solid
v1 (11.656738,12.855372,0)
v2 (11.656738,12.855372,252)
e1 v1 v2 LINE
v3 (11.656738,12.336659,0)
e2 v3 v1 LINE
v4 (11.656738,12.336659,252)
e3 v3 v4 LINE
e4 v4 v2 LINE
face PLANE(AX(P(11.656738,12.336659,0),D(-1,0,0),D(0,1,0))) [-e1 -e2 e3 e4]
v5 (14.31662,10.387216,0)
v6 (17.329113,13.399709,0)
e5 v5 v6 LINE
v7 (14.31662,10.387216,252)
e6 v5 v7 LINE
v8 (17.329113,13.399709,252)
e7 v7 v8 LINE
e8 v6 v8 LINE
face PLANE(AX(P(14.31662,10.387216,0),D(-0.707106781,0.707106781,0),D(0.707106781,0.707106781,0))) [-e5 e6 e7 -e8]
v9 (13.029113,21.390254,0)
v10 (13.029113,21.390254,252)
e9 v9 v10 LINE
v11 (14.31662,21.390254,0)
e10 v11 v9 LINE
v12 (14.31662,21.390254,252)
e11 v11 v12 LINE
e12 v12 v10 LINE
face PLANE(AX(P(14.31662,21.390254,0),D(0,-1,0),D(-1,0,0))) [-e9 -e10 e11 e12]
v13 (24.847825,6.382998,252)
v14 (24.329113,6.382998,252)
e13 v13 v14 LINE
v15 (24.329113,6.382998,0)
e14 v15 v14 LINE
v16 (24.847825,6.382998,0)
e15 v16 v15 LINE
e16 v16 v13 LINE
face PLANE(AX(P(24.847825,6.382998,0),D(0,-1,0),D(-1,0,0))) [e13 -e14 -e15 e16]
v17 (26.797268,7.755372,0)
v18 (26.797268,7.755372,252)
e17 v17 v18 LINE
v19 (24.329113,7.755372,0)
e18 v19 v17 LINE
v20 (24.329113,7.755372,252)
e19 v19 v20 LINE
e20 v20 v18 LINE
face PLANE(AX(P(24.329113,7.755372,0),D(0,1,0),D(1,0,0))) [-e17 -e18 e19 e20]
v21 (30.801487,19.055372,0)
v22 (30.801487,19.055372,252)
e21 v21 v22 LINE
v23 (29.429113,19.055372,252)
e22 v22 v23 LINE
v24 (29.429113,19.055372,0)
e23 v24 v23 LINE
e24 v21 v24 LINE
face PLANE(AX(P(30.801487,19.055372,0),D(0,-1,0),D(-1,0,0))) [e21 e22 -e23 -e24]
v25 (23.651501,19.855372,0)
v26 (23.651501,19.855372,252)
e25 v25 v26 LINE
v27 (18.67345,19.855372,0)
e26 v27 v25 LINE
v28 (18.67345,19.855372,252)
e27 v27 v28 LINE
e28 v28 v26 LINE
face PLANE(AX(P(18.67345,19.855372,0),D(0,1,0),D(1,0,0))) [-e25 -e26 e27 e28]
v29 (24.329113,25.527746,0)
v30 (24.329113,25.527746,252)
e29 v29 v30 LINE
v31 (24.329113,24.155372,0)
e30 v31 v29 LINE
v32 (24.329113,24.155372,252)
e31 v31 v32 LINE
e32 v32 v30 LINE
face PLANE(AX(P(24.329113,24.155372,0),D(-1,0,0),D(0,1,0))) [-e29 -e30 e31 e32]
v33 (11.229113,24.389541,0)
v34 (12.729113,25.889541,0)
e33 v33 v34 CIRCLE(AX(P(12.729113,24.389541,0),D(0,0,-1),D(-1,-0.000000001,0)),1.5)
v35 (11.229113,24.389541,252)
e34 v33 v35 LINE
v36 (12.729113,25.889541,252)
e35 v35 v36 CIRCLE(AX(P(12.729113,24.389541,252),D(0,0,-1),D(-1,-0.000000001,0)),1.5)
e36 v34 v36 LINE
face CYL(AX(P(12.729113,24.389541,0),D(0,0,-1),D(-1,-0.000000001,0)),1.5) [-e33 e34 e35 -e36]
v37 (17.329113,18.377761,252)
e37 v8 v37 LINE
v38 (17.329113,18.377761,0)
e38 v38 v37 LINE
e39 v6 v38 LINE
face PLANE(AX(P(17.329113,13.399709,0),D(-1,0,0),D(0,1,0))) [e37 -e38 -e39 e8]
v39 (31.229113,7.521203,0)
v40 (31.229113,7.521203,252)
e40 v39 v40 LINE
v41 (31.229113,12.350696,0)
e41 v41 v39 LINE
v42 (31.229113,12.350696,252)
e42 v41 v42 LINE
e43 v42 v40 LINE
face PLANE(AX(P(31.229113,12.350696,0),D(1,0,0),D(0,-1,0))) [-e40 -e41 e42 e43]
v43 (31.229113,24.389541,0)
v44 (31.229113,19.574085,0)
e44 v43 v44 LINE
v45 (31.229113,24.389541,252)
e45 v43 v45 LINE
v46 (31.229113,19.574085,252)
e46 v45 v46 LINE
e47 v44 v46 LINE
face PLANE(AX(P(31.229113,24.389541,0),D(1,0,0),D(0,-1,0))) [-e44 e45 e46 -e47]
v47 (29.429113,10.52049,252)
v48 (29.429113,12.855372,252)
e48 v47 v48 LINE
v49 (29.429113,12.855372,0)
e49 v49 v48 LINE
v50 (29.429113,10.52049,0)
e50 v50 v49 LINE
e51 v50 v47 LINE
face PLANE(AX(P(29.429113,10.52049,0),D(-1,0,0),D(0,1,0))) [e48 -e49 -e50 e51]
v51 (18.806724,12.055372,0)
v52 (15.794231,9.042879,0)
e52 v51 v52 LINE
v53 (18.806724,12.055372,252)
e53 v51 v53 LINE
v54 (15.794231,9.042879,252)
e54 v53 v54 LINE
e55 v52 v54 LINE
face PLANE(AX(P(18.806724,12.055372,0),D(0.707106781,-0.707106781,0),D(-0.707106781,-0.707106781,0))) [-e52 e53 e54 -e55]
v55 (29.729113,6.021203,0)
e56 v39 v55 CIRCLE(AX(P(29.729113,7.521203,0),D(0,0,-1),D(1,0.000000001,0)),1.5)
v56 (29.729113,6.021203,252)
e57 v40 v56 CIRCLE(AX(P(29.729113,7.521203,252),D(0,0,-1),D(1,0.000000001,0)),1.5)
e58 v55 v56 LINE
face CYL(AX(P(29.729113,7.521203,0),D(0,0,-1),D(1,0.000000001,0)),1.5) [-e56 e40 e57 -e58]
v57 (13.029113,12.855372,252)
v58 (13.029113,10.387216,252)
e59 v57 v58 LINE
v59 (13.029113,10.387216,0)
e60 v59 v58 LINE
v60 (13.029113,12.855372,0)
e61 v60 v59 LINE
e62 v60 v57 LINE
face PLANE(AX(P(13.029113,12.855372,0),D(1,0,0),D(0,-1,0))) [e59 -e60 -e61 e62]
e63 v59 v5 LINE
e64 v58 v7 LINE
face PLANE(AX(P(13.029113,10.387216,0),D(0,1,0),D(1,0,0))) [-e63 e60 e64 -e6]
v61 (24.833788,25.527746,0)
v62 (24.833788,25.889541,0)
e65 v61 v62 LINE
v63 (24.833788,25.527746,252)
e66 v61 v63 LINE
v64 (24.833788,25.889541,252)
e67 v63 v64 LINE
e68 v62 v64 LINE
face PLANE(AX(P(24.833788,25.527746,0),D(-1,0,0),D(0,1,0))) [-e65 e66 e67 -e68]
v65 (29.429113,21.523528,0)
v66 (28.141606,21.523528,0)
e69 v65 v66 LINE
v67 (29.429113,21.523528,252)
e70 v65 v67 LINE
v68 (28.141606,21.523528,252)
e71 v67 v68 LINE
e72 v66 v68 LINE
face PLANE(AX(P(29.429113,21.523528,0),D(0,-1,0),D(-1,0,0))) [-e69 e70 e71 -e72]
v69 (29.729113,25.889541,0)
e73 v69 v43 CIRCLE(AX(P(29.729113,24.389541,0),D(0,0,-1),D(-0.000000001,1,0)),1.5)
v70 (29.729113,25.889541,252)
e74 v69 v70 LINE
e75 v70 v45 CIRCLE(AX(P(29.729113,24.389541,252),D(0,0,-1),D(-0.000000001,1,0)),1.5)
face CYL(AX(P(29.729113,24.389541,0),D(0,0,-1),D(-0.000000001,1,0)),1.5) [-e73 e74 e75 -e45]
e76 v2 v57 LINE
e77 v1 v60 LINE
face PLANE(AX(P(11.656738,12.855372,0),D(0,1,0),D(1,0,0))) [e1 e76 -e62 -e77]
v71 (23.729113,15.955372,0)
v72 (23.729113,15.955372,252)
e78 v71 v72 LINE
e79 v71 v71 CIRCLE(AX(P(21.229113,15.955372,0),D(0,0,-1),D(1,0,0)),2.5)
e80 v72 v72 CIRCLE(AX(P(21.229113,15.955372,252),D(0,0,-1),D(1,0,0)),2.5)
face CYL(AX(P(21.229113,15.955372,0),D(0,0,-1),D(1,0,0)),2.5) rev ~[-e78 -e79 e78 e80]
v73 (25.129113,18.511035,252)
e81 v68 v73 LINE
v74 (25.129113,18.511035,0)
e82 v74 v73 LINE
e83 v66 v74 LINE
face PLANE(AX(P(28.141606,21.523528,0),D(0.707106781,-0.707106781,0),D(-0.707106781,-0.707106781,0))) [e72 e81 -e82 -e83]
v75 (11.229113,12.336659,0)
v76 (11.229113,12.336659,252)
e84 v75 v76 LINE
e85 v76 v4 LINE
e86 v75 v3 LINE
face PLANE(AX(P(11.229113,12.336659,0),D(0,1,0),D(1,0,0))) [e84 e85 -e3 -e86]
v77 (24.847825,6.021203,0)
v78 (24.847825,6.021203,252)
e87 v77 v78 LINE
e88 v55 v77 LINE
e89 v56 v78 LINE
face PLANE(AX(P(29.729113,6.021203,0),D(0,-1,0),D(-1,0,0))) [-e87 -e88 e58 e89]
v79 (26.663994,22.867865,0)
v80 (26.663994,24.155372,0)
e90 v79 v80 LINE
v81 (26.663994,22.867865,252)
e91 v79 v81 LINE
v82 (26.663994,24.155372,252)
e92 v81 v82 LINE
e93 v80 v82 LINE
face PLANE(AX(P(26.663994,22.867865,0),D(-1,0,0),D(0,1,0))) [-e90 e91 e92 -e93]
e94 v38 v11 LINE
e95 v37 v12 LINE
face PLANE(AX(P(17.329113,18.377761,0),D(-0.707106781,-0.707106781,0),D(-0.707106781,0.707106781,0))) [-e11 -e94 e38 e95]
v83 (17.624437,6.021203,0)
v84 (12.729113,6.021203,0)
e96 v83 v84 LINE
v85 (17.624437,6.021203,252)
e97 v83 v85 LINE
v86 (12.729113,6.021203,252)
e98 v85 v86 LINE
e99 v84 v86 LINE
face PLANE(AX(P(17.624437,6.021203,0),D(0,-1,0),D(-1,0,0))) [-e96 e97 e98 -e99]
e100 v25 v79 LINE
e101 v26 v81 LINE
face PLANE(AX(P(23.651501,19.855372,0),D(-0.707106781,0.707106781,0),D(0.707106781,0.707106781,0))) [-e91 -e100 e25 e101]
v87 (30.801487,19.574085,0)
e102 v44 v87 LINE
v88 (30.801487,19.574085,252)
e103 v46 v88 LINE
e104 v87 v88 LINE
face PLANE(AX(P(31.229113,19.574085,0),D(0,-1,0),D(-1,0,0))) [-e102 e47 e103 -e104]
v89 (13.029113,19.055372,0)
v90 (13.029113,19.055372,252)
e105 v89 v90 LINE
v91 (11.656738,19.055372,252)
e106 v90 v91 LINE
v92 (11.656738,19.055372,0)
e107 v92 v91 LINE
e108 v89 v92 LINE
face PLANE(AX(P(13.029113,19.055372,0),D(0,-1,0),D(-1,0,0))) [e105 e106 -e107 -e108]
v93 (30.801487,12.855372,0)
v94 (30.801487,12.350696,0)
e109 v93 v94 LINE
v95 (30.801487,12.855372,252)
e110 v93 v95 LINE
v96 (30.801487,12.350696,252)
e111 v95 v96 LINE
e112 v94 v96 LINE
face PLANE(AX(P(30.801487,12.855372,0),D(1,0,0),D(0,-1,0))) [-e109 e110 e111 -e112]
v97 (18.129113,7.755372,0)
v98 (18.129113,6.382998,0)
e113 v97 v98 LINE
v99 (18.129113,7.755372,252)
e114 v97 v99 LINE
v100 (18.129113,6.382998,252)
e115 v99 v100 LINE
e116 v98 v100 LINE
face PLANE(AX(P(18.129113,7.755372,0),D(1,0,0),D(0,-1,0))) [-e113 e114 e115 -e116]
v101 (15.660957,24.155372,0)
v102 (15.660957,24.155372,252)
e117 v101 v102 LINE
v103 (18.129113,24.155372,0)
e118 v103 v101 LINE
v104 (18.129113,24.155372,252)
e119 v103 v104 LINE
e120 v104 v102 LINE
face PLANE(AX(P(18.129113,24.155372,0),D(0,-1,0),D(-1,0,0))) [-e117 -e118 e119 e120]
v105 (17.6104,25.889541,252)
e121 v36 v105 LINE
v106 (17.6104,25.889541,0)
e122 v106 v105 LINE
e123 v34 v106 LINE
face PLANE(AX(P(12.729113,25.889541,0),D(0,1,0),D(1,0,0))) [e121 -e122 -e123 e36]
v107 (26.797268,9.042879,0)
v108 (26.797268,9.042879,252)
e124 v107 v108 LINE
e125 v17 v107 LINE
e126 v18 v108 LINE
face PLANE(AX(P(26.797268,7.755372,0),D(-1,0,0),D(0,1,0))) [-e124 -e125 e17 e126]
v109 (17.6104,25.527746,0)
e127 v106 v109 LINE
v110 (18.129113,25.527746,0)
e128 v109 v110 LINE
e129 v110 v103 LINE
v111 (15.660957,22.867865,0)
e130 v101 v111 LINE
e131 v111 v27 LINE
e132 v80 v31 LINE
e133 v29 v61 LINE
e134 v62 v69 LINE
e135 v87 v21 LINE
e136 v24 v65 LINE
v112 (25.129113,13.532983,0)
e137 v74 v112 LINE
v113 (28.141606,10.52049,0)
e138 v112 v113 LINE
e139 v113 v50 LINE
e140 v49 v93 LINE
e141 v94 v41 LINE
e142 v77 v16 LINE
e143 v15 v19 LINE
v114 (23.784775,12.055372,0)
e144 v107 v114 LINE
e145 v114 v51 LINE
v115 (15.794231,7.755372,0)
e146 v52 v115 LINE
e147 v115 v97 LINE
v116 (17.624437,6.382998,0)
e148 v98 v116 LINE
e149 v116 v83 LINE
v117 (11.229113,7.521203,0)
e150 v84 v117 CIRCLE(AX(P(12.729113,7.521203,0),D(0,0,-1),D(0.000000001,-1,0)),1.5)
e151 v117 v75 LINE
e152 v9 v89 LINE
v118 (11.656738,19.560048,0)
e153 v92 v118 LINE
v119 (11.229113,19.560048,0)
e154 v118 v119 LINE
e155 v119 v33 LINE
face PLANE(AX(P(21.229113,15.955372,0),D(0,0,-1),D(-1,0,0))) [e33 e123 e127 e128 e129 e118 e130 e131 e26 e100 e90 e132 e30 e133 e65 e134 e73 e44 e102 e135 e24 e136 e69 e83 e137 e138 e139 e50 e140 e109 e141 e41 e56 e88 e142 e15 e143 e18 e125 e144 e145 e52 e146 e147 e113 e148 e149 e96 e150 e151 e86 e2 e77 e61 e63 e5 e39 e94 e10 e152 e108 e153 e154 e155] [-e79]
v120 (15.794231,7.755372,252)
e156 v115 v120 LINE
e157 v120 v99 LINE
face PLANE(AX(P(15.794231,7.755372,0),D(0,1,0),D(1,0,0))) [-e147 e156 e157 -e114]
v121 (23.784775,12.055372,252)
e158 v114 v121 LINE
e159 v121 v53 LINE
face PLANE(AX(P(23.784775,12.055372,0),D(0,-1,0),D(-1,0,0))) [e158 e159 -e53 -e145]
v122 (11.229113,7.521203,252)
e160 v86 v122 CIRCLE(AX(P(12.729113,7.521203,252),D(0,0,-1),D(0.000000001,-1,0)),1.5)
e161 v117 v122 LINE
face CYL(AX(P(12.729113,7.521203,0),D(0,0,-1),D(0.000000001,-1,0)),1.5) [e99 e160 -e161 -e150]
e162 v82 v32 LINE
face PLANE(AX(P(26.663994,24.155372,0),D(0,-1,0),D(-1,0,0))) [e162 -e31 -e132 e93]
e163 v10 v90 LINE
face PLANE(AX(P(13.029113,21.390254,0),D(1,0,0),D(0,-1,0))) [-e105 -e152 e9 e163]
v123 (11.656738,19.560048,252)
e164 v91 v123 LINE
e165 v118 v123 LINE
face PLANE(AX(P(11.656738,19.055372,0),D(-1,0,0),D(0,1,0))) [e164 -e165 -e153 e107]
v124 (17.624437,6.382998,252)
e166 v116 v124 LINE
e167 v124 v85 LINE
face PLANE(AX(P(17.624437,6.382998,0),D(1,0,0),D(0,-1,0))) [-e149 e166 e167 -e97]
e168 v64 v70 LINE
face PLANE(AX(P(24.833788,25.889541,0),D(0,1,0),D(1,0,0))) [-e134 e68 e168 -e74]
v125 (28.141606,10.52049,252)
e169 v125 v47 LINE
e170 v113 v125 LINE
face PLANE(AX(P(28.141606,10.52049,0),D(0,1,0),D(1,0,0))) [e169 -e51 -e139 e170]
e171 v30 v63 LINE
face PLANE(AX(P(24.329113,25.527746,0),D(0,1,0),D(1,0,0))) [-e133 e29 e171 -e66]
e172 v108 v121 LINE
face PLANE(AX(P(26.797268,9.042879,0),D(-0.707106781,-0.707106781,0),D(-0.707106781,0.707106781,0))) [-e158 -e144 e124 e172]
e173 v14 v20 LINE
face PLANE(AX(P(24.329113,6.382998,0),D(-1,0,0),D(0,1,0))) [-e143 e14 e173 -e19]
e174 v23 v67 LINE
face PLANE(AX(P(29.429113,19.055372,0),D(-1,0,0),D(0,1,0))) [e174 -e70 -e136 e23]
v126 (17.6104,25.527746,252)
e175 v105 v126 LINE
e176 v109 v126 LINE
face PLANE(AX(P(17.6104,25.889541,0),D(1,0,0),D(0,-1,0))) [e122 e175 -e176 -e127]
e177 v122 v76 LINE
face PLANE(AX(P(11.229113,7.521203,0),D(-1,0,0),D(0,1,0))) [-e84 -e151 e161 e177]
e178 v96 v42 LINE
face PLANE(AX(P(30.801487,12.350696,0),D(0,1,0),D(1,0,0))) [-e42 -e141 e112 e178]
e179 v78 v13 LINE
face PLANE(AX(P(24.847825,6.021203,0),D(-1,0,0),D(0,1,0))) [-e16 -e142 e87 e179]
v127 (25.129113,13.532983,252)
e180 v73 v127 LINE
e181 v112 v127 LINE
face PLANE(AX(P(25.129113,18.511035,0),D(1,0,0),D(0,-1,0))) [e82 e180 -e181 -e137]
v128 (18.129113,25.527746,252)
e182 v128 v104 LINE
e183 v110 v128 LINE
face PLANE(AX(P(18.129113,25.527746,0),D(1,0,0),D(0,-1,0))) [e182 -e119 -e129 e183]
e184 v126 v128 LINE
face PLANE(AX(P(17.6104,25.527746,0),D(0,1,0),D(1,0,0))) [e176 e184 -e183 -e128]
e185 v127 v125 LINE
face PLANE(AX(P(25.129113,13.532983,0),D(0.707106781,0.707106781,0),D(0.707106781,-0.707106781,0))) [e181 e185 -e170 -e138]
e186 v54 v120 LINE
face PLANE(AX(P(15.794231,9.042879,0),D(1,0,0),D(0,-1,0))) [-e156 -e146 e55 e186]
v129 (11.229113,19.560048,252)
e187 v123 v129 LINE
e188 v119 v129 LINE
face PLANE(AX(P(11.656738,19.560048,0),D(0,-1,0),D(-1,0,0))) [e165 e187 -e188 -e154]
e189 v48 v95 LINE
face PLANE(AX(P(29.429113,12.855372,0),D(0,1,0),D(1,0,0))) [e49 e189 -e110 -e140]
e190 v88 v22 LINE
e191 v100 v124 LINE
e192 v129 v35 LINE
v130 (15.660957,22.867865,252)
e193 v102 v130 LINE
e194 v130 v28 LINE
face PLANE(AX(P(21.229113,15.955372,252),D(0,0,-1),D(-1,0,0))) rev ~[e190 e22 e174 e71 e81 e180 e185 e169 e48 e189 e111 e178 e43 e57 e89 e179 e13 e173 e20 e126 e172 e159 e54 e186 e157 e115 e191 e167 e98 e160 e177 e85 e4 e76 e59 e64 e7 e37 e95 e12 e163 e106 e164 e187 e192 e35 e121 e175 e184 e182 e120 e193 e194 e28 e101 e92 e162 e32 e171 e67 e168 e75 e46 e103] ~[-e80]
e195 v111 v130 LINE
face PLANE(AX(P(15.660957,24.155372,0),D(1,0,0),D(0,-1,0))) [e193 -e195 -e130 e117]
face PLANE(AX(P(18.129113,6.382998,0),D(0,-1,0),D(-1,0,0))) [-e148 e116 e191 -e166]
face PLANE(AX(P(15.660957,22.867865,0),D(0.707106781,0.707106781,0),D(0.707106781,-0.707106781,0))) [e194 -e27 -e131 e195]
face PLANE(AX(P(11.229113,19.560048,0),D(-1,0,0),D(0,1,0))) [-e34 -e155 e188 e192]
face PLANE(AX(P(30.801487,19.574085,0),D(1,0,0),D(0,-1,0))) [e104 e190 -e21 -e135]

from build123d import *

# Parameters (mm, degrees)
SKETCH1_R           = 2.5
BOSS_EXTRUDE1_DEPTH = 252


with BuildPart() as part:
    # Sketch1 → Boss-Extrude1 (new body)
    with BuildSketch(Plane(origin=(0, 0, 0), x_dir=(-1, 0, 0), z_dir=(0, 0, -1))):
        with BuildLine():
            Line((-31.229112559, 24.389540696), (-31.229112559, 19.574084592))
            Line((-31.229112559, 19.574084592), (-30.801486653, 19.574084592))
            Line((-30.801486653, 19.574084592), (-30.801486653, 19.055371932))
            Line((-30.801486653, 19.055371932), (-29.429112559, 19.055371932))
            Line((-29.429112559, 19.055371932), (-29.429112559, 21.523527696))
            Line((-29.429112559, 21.523527696), (-28.141605593, 21.523527696))
            Line((-28.141605593, 21.523527696), (-25.129112559, 18.511034662))
            Line((-25.129112559, 18.511034662), (-25.129112559, 13.532983276))
            Line((-25.129112559, 13.532983276), (-28.141605593, 10.520490242))
            Line((-28.141605593, 10.520490242), (-29.429112559, 10.520490242))
            Line((-29.429112559, 10.520490242), (-29.429112559, 12.855371932))
            Line((-29.429112559, 12.855371932), (-30.801486653, 12.855371932))
            Line((-30.801486653, 12.855371932), (-30.801486653, 12.350696072))
            Line((-30.801486653, 12.350696072), (-31.229112559, 12.350696072))
            Line((-31.229112559, 12.350696072), (-31.229112559, 7.521203168))
            ThreePointArc((-31.229112559, 7.521203168), (-30.789772731, 6.460542996), (-29.729112559, 6.021203168))
            Line((-29.729112559, 6.021203168), (-24.847825219, 6.021203168))
            Line((-24.847825219, 6.021203168), (-24.847825219, 6.382997838))
            Line((-24.847825219, 6.382997838), (-24.329112559, 6.382997838))
            Line((-24.329112559, 6.382997838), (-24.329112559, 7.755371932))
            Line((-24.329112559, 7.755371932), (-26.797268323, 7.755371932))
            Line((-26.797268323, 7.755371932), (-26.797268323, 9.042878898))
            Line((-26.797268323, 9.042878898), (-23.784775289, 12.055371932))
            Line((-23.784775289, 12.055371932), (-18.806723903, 12.055371932))
            Line((-18.806723903, 12.055371932), (-15.794230869, 9.042878898))
            Line((-15.794230869, 9.042878898), (-15.794230869, 7.755371932))
            Line((-15.794230869, 7.755371932), (-18.129112559, 7.755371932))
            Line((-18.129112559, 7.755371932), (-18.129112559, 6.382997838))
            Line((-18.129112559, 6.382997838), (-17.624436699, 6.382997838))
            Line((-17.624436699, 6.382997838), (-17.624436699, 6.021203168))
            Line((-17.624436699, 6.021203168), (-12.729112559, 6.021203168))
            ThreePointArc((-12.729112559, 6.021203168), (-11.668452387, 6.460542996), (-11.229112559, 7.521203168))
            Line((-11.229112559, 7.521203168), (-11.229112559, 12.336659272))
            Line((-11.229112559, 12.336659272), (-11.656738465, 12.336659272))
            Line((-11.656738465, 12.336659272), (-11.656738465, 12.855371932))
            Line((-11.656738465, 12.855371932), (-13.029112559, 12.855371932))
            Line((-13.029112559, 12.855371932), (-13.029112559, 10.387216168))
            Line((-13.029112559, 10.387216168), (-14.316619525, 10.387216168))
            Line((-14.316619525, 10.387216168), (-17.329112559, 13.399709202))
            Line((-17.329112559, 13.399709202), (-17.329112559, 18.377760588))
            Line((-17.329112559, 18.377760588), (-14.316619525, 21.390253622))
            Line((-14.316619525, 21.390253622), (-13.029112559, 21.390253622))
            Line((-13.029112559, 21.390253622), (-13.029112559, 19.055371932))
            Line((-13.029112559, 19.055371932), (-11.656738465, 19.055371932))
            Line((-11.656738465, 19.055371932), (-11.656738465, 19.560047792))
            Line((-11.656738465, 19.560047792), (-11.229112559, 19.560047792))
            Line((-11.229112559, 19.560047792), (-11.229112559, 24.389540696))
            ThreePointArc((-11.229112559, 24.389540696), (-11.668452387, 25.450200868), (-12.729112559, 25.889540696))
            Line((-12.729112559, 25.889540696), (-17.610399899, 25.889540696))
            Line((-17.610399899, 25.889540696), (-17.610399899, 25.527746026))
            Line((-17.610399899, 25.527746026), (-18.129112559, 25.527746026))
            Line((-18.129112559, 25.527746026), (-18.129112559, 24.155371932))
            Line((-18.129112559, 24.155371932), (-15.660956795, 24.155371932))
            Line((-15.660956795, 24.155371932), (-15.660956795, 22.867864966))
            Line((-15.660956795, 22.867864966), (-18.673449829, 19.855371932))
            Line((-18.673449829, 19.855371932), (-23.651501215, 19.855371932))
            Line((-23.651501215, 19.855371932), (-26.663994249, 22.867864966))
            Line((-26.663994249, 22.867864966), (-26.663994249, 24.155371932))
            Line((-26.663994249, 24.155371932), (-24.329112559, 24.155371932))
            Line((-24.329112559, 24.155371932), (-24.329112559, 25.527746026))
            Line((-24.329112559, 25.527746026), (-24.833788419, 25.527746026))
            Line((-24.833788419, 25.527746026), (-24.833788419, 25.889540696))
            Line((-24.833788419, 25.889540696), (-29.729112559, 25.889540696))
            ThreePointArc((-29.729112559, 25.889540696), (-30.789772731, 25.450200868), (-31.229112559, 24.389540696))
        make_face()
        with Locations(Location((-21.229112559, 15.955371932, 0), (0, 0, 180))):
            Circle(SKETCH1_R, mode=Mode.SUBTRACT)
    extrude(amount=-BOSS_EXTRUDE1_DEPTH)


solid = part.part
